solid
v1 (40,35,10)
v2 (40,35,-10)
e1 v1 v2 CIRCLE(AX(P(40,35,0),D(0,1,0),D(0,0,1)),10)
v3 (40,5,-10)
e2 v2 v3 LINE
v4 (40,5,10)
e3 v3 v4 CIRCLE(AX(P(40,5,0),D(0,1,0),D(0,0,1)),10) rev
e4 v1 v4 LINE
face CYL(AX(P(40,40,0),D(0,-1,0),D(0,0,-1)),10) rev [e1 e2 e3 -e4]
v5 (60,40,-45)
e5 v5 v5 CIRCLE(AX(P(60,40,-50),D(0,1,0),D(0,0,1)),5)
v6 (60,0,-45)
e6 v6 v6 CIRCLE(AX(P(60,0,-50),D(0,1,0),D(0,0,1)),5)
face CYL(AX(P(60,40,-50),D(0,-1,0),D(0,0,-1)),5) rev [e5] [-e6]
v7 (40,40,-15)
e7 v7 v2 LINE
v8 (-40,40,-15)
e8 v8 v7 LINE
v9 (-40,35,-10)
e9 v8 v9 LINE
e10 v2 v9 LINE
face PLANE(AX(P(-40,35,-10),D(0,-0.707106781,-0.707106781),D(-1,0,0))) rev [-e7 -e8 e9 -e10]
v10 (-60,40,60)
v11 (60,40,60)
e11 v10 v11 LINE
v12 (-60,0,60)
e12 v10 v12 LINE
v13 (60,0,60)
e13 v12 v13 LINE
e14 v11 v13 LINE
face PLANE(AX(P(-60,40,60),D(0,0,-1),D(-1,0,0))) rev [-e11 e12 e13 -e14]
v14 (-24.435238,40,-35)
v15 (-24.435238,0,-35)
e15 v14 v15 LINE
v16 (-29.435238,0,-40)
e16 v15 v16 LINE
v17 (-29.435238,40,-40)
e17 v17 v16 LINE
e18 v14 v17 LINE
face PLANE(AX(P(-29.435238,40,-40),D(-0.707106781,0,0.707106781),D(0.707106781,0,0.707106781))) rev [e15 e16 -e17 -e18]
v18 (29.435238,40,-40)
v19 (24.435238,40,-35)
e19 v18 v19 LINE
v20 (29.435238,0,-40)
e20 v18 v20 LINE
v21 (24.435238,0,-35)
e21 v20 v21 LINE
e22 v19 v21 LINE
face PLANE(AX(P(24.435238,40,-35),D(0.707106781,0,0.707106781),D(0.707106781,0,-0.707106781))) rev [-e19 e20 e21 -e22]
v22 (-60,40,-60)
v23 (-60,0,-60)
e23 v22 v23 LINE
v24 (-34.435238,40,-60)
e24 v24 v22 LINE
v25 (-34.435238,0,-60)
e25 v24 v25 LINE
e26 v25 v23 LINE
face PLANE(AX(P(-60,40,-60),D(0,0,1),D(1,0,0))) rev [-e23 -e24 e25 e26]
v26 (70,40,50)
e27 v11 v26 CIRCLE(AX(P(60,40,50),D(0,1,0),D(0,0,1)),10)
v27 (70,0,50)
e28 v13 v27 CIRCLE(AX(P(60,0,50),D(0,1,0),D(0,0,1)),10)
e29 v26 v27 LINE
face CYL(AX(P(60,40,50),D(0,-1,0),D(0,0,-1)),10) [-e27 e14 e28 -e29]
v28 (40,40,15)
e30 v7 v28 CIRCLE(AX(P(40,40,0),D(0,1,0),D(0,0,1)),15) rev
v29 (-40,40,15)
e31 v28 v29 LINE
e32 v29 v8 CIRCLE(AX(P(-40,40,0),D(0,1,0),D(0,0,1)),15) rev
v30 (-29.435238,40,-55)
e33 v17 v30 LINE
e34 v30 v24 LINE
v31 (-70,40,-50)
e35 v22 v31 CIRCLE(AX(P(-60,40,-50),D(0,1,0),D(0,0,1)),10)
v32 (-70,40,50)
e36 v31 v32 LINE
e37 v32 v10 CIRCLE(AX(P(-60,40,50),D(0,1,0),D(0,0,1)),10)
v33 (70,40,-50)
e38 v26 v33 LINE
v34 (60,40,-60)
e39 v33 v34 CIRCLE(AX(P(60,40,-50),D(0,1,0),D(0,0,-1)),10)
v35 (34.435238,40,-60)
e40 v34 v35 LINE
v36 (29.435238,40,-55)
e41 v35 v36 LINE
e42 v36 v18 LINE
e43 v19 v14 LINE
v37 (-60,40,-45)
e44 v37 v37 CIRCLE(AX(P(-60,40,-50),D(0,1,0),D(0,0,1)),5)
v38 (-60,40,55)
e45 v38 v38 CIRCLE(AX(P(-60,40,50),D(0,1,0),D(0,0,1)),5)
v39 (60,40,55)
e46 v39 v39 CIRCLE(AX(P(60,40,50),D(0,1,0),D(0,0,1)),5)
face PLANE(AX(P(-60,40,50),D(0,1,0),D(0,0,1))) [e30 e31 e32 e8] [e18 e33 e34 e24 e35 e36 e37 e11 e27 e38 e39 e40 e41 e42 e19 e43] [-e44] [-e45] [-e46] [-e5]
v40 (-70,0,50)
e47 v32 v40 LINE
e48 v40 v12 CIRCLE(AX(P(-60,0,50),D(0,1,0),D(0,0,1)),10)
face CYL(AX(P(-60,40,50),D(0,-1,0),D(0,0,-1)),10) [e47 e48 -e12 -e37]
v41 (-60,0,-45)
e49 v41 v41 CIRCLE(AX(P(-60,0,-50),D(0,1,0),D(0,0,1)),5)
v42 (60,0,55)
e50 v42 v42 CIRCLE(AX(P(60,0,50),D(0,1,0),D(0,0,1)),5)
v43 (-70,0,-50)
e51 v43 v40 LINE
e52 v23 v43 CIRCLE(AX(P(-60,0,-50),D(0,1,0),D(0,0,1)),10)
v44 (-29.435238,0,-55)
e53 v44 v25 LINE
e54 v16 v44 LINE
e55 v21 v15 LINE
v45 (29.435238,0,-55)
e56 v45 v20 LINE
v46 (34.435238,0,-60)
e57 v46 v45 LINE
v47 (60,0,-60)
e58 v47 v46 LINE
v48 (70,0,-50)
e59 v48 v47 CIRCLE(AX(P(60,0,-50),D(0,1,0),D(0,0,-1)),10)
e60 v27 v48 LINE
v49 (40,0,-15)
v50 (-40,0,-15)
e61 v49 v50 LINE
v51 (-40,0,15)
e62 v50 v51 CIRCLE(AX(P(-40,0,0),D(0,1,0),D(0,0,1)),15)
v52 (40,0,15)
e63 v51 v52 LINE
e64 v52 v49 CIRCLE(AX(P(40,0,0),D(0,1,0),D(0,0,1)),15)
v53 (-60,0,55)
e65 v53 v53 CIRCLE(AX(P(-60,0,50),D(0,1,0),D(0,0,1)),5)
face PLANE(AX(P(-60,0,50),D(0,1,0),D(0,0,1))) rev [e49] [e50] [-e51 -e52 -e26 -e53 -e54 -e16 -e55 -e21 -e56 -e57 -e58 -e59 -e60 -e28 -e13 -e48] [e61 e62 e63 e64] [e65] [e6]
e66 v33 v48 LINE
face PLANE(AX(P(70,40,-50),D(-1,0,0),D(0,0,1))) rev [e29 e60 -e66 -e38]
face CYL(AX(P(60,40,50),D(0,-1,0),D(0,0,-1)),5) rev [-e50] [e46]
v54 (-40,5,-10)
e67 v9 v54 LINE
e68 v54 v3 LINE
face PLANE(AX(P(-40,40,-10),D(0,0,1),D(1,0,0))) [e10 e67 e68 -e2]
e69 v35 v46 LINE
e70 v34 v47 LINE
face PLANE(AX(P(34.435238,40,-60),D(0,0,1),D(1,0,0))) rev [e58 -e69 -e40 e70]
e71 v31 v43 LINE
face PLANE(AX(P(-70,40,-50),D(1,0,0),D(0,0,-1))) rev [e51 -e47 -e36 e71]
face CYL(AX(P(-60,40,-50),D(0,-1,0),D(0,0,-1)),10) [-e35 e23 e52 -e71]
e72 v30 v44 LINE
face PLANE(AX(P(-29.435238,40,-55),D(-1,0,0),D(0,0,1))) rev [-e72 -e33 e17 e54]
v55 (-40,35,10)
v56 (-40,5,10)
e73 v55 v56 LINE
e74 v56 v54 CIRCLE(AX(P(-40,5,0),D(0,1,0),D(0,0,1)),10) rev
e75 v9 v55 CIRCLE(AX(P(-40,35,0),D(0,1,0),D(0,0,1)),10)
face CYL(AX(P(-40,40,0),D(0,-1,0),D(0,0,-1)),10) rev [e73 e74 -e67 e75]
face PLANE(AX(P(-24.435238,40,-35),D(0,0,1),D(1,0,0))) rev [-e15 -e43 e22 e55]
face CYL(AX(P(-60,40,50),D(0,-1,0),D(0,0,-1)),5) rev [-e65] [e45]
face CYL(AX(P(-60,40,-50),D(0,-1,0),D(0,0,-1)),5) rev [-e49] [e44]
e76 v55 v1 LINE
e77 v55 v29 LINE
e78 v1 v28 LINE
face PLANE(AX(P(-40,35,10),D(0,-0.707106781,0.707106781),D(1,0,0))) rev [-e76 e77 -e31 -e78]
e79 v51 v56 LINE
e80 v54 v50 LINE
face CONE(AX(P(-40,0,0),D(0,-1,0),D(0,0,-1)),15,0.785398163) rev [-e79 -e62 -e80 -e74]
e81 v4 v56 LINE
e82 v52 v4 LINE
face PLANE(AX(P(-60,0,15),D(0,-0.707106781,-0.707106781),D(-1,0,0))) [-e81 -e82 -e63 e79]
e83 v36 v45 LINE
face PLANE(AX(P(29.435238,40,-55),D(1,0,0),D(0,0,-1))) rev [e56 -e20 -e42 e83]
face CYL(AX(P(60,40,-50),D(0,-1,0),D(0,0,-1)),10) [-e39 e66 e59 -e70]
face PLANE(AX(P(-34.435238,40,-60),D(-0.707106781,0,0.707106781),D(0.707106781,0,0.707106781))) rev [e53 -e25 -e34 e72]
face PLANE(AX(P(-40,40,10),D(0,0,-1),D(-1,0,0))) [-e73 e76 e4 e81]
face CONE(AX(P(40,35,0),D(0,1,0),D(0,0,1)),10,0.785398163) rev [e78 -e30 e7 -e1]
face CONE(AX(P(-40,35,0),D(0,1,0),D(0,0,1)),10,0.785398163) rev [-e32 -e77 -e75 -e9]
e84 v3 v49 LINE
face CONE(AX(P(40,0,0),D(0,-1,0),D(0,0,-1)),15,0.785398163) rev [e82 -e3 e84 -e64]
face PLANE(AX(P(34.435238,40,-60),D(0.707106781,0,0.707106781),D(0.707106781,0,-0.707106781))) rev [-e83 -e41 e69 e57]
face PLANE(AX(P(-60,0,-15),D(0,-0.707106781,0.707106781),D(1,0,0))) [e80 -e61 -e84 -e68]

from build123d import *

# Parameters (mm, degrees)
SKETCH1_R           = 5
BOSS_EXTRUDE2_DEPTH = 40
CHAMFER1_SIZE       = 5


with BuildPart() as part:
    # Sketch1 → Boss-Extrude2 (new body)
    with BuildSketch(Plane(origin=(0, 0, 0), x_dir=(1, 0, 0), z_dir=(0, 1, 0))):
        with BuildLine():
            Line((-60, 60), (-34.43523791, 60))
            Line((-34.43523791, 60), (-29.43523791, 55))
            Line((-29.43523791, 55), (-29.43523791, 40))
            Line((-29.43523791, 40), (-24.43523791, 35))
            Line((-24.43523791, 35), (24.43523791, 35))
            Line((24.43523791, 35), (29.43523791, 40))
            Line((29.43523791, 40), (29.43523791, 55))
            Line((29.43523791, 55), (34.43523791, 60))
            Line((34.43523791, 60), (60, 60))
            ThreePointArc((60, 60), (67.071067812, 57.071067812), (70, 50))
            Line((70, 50), (70, -50))
            ThreePointArc((70, -50), (67.071067812, -57.071067812), (60, -60))
            Line((60, -60), (-60, -60))
            ThreePointArc((-60, -60), (-67.071067812, -57.071067812), (-70, -50))
            Line((-70, -50), (-70, 50))
            ThreePointArc((-70, 50), (-67.071067812, 57.071067812), (-60, 60))
        make_face()
        with Locations((-60, 50)):
            Circle(SKETCH1_R, mode=Mode.SUBTRACT)
        with Locations((60, 50)):
            Circle(SKETCH1_R, mode=Mode.SUBTRACT)
        with Locations((60, -50)):
            Circle(SKETCH1_R, mode=Mode.SUBTRACT)
        with Locations((-60, -50)):
            Circle(SKETCH1_R, mode=Mode.SUBTRACT)
        with BuildLine():
            Line((-40, 10), (40, 10))
            ThreePointArc((40, 10), (50, 0), (40, -10))
            Line((40, -10), (-40, -10))
            ThreePointArc((-40, -10), (-50, 0), (-40, 10))
        make_face(mode=Mode.SUBTRACT)
    extrude(amount=BOSS_EXTRUDE2_DEPTH)

    # Chamfer1
    chamfer1_edges = [part.edges().sort_by_distance(p)[0] for p in [
        (-50, 0, 0),
        (0, 0, 10),
        (50, 0, 0),
        (0, 0, -10),
        (-50, 40, 0),
        (0, 40, 10),
        (50, 40, 0),
        (0, 40, -10),
    ]]
    chamfer(chamfer1_edges, length=CHAMFER1_SIZE)


solid = part.part
